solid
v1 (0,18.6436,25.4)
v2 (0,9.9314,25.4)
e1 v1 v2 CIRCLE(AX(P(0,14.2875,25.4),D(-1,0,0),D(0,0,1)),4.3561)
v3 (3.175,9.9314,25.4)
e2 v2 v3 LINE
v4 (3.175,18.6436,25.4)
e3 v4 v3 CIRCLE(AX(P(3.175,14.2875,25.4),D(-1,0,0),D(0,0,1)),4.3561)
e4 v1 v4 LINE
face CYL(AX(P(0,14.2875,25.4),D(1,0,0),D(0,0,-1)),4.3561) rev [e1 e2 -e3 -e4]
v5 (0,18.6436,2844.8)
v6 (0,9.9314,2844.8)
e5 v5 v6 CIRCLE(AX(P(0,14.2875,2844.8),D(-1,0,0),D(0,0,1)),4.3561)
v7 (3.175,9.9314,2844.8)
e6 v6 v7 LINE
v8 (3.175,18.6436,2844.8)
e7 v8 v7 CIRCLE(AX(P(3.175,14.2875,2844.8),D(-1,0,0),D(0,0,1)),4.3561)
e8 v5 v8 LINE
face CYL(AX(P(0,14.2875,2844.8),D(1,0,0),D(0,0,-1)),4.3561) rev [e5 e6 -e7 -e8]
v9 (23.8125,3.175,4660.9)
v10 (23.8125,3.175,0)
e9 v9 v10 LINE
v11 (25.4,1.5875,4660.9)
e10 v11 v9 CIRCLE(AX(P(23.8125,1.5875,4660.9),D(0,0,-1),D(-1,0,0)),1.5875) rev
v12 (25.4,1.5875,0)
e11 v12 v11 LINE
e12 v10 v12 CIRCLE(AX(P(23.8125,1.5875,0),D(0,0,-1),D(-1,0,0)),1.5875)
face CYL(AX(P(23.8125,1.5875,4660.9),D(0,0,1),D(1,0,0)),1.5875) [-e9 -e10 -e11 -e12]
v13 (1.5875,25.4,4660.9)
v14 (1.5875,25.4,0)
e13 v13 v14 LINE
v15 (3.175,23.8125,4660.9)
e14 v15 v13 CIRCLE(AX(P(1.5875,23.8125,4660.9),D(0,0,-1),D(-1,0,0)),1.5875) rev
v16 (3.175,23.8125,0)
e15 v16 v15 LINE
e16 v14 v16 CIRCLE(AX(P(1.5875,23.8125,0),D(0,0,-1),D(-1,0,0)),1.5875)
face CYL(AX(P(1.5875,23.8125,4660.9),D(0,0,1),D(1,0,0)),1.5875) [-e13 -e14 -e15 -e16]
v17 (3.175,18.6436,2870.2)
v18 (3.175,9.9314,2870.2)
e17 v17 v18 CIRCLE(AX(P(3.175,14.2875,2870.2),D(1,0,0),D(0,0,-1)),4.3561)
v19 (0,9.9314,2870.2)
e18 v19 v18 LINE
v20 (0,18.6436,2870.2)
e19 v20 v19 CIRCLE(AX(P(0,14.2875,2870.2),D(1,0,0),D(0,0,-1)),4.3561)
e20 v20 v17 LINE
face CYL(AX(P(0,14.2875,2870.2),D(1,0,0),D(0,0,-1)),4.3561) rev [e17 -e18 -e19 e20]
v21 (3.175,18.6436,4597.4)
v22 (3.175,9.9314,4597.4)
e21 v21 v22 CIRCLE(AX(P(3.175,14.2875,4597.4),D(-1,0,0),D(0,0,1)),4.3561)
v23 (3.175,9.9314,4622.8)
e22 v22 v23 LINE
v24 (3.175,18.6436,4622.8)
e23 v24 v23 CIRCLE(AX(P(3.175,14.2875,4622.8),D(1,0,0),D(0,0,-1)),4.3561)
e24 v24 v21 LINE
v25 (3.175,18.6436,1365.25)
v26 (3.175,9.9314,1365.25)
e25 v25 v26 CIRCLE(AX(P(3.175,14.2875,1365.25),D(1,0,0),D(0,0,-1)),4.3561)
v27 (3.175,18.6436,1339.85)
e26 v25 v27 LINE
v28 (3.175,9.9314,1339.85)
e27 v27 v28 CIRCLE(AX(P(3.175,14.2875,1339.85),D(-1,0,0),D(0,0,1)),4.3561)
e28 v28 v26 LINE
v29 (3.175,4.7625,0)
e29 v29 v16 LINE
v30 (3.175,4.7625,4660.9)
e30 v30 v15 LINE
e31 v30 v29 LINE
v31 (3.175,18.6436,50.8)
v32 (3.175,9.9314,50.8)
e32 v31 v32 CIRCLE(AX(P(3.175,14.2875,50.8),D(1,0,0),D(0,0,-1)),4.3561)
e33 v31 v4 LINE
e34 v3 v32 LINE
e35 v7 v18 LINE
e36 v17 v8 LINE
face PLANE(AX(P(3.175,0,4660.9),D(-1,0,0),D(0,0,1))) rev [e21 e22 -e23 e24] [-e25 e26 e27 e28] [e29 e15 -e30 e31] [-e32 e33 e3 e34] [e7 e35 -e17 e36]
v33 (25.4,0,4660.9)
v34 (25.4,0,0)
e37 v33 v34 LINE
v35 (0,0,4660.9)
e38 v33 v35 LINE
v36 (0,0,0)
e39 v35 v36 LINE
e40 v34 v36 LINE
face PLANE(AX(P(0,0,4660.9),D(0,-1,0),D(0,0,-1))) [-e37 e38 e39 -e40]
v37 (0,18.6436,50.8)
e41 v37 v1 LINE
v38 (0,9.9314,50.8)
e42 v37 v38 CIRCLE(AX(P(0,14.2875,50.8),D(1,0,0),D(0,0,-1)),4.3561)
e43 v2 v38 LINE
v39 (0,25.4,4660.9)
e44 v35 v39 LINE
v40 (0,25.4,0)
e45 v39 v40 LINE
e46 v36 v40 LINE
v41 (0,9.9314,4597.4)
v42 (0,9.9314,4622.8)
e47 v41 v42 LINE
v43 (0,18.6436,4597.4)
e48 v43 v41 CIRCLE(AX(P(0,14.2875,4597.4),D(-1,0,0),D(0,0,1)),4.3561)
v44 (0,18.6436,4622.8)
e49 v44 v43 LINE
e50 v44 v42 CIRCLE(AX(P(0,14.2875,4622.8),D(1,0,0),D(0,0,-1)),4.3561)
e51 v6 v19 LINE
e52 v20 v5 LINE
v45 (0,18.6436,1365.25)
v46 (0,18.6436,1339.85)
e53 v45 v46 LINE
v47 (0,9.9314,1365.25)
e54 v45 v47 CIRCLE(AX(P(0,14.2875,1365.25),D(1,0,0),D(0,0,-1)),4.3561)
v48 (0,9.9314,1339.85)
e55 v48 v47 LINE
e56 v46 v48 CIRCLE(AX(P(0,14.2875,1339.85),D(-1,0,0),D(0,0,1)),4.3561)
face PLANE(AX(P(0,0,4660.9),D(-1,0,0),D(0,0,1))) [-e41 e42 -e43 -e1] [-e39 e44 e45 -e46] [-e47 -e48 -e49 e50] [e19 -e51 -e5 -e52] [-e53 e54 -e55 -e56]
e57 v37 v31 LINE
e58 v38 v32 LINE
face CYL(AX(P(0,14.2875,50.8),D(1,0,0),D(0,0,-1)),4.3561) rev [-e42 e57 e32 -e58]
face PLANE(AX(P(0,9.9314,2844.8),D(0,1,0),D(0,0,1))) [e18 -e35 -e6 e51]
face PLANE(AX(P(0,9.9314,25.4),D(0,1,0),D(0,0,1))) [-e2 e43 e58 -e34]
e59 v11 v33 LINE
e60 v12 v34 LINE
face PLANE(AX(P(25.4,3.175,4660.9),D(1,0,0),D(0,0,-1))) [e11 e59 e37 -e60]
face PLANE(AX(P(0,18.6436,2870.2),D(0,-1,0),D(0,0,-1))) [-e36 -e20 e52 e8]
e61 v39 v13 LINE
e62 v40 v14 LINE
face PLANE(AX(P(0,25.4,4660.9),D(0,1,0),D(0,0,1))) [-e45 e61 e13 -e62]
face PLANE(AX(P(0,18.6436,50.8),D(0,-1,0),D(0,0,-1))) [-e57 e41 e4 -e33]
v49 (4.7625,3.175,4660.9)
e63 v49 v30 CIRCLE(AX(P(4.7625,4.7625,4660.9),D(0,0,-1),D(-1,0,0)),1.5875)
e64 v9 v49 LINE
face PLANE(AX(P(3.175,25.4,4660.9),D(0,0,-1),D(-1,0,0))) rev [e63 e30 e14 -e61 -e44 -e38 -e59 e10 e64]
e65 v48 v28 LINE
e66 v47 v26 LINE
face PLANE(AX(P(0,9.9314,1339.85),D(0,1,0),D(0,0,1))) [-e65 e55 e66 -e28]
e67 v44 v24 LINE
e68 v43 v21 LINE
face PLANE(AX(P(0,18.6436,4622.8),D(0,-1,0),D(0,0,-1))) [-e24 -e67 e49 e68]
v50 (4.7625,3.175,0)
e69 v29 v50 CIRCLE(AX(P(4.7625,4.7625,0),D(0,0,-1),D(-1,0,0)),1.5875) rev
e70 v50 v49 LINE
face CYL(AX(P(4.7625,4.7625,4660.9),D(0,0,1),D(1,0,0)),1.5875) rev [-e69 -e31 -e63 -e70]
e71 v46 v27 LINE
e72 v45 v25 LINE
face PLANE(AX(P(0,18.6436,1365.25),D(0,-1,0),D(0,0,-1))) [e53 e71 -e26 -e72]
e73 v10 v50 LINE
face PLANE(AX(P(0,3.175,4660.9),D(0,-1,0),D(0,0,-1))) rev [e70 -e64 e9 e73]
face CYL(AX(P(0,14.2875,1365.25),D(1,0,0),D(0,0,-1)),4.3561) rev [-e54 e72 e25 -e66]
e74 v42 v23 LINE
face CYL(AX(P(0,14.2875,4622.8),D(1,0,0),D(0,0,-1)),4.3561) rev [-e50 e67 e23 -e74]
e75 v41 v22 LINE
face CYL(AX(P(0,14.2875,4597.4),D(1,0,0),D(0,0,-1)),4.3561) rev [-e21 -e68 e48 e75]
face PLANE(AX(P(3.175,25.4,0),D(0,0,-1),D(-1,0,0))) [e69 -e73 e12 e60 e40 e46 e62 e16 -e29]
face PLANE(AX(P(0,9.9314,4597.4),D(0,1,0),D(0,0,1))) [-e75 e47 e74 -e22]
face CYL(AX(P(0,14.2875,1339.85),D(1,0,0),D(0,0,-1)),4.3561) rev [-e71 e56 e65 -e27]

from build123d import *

# Parameters (mm, degrees)
EXTRUDE_THIN1_DEPTH = 4660.9
FILLET1_R           = 1.5875
SLOT_DEPTH          = 4.175
SLOT_2_COUNT        = 2
SLOT_2_PITCH        = 1314.45
SLOT_3_COUNT        = 2
SLOT_3_PITCH        = 2819.4
SLOT_4_COUNT        = 2
SLOT_4_PITCH        = 4572


with BuildPart() as part:
    # Sketch1 → Extrude-Thin1 (new body)
    with BuildSketch(Plane.XY):
        Polygon((0, 25.4), (0, 0), (25.4, 0), (25.4, 3.175), (3.175, 3.175), (3.175, 25.4), align=None)
    extrude(amount=EXTRUDE_THIN1_DEPTH)

    # Fillet1
    fillet1_edges = [part.edges().sort_by_distance(p)[0] for p in [
        (3.175, 3.175, 2330.45),
        (25.4, 3.175, 2330.45),
        (3.175, 25.4, 2330.45),
    ]]
    fillet(fillet1_edges, radius=FILLET1_R)

    # SlotSketch → Slot (cut, through all)
    with BuildSketch(Plane(origin=(3.175, 23.635931813, 4673.560828074), x_dir=(0, 1, 0), z_dir=(1, 0, 0))):
        with BuildLine():
            Line((-4.992331813, -4622.760828074), (-4.992331813, -4648.160828074))
            ThreePointArc((-4.992331813, -4648.160828074), (-9.348431813, -4652.516928074), (-13.704531813, -4648.160828074))
            Line((-13.704531813, -4648.160828074), (-13.704531813, -4622.760828074))
            ThreePointArc((-13.704531813, -4622.760828074), (-9.348431813, -4618.404728074), (-4.992331813, -4622.760828074))
        make_face()
    slot = extrude(amount=-SLOT_DEPTH, mode=Mode.SUBTRACT)

    # Slot 2: Slot ×2
    with Locations(*[(0, 0, i * SLOT_2_PITCH) for i in range(1, SLOT_2_COUNT)]):
        add(slot, mode=Mode.SUBTRACT)

    # Slot 3: Slot ×2
    with Locations(*[(0, 0, i * SLOT_3_PITCH) for i in range(1, SLOT_3_COUNT)]):
        add(slot, mode=Mode.SUBTRACT)

    # Slot 4: Slot ×2
    with Locations(*[(0, 0, i * SLOT_4_PITCH) for i in range(1, SLOT_4_COUNT)]):
        add(slot, mode=Mode.SUBTRACT)


solid = part.part
